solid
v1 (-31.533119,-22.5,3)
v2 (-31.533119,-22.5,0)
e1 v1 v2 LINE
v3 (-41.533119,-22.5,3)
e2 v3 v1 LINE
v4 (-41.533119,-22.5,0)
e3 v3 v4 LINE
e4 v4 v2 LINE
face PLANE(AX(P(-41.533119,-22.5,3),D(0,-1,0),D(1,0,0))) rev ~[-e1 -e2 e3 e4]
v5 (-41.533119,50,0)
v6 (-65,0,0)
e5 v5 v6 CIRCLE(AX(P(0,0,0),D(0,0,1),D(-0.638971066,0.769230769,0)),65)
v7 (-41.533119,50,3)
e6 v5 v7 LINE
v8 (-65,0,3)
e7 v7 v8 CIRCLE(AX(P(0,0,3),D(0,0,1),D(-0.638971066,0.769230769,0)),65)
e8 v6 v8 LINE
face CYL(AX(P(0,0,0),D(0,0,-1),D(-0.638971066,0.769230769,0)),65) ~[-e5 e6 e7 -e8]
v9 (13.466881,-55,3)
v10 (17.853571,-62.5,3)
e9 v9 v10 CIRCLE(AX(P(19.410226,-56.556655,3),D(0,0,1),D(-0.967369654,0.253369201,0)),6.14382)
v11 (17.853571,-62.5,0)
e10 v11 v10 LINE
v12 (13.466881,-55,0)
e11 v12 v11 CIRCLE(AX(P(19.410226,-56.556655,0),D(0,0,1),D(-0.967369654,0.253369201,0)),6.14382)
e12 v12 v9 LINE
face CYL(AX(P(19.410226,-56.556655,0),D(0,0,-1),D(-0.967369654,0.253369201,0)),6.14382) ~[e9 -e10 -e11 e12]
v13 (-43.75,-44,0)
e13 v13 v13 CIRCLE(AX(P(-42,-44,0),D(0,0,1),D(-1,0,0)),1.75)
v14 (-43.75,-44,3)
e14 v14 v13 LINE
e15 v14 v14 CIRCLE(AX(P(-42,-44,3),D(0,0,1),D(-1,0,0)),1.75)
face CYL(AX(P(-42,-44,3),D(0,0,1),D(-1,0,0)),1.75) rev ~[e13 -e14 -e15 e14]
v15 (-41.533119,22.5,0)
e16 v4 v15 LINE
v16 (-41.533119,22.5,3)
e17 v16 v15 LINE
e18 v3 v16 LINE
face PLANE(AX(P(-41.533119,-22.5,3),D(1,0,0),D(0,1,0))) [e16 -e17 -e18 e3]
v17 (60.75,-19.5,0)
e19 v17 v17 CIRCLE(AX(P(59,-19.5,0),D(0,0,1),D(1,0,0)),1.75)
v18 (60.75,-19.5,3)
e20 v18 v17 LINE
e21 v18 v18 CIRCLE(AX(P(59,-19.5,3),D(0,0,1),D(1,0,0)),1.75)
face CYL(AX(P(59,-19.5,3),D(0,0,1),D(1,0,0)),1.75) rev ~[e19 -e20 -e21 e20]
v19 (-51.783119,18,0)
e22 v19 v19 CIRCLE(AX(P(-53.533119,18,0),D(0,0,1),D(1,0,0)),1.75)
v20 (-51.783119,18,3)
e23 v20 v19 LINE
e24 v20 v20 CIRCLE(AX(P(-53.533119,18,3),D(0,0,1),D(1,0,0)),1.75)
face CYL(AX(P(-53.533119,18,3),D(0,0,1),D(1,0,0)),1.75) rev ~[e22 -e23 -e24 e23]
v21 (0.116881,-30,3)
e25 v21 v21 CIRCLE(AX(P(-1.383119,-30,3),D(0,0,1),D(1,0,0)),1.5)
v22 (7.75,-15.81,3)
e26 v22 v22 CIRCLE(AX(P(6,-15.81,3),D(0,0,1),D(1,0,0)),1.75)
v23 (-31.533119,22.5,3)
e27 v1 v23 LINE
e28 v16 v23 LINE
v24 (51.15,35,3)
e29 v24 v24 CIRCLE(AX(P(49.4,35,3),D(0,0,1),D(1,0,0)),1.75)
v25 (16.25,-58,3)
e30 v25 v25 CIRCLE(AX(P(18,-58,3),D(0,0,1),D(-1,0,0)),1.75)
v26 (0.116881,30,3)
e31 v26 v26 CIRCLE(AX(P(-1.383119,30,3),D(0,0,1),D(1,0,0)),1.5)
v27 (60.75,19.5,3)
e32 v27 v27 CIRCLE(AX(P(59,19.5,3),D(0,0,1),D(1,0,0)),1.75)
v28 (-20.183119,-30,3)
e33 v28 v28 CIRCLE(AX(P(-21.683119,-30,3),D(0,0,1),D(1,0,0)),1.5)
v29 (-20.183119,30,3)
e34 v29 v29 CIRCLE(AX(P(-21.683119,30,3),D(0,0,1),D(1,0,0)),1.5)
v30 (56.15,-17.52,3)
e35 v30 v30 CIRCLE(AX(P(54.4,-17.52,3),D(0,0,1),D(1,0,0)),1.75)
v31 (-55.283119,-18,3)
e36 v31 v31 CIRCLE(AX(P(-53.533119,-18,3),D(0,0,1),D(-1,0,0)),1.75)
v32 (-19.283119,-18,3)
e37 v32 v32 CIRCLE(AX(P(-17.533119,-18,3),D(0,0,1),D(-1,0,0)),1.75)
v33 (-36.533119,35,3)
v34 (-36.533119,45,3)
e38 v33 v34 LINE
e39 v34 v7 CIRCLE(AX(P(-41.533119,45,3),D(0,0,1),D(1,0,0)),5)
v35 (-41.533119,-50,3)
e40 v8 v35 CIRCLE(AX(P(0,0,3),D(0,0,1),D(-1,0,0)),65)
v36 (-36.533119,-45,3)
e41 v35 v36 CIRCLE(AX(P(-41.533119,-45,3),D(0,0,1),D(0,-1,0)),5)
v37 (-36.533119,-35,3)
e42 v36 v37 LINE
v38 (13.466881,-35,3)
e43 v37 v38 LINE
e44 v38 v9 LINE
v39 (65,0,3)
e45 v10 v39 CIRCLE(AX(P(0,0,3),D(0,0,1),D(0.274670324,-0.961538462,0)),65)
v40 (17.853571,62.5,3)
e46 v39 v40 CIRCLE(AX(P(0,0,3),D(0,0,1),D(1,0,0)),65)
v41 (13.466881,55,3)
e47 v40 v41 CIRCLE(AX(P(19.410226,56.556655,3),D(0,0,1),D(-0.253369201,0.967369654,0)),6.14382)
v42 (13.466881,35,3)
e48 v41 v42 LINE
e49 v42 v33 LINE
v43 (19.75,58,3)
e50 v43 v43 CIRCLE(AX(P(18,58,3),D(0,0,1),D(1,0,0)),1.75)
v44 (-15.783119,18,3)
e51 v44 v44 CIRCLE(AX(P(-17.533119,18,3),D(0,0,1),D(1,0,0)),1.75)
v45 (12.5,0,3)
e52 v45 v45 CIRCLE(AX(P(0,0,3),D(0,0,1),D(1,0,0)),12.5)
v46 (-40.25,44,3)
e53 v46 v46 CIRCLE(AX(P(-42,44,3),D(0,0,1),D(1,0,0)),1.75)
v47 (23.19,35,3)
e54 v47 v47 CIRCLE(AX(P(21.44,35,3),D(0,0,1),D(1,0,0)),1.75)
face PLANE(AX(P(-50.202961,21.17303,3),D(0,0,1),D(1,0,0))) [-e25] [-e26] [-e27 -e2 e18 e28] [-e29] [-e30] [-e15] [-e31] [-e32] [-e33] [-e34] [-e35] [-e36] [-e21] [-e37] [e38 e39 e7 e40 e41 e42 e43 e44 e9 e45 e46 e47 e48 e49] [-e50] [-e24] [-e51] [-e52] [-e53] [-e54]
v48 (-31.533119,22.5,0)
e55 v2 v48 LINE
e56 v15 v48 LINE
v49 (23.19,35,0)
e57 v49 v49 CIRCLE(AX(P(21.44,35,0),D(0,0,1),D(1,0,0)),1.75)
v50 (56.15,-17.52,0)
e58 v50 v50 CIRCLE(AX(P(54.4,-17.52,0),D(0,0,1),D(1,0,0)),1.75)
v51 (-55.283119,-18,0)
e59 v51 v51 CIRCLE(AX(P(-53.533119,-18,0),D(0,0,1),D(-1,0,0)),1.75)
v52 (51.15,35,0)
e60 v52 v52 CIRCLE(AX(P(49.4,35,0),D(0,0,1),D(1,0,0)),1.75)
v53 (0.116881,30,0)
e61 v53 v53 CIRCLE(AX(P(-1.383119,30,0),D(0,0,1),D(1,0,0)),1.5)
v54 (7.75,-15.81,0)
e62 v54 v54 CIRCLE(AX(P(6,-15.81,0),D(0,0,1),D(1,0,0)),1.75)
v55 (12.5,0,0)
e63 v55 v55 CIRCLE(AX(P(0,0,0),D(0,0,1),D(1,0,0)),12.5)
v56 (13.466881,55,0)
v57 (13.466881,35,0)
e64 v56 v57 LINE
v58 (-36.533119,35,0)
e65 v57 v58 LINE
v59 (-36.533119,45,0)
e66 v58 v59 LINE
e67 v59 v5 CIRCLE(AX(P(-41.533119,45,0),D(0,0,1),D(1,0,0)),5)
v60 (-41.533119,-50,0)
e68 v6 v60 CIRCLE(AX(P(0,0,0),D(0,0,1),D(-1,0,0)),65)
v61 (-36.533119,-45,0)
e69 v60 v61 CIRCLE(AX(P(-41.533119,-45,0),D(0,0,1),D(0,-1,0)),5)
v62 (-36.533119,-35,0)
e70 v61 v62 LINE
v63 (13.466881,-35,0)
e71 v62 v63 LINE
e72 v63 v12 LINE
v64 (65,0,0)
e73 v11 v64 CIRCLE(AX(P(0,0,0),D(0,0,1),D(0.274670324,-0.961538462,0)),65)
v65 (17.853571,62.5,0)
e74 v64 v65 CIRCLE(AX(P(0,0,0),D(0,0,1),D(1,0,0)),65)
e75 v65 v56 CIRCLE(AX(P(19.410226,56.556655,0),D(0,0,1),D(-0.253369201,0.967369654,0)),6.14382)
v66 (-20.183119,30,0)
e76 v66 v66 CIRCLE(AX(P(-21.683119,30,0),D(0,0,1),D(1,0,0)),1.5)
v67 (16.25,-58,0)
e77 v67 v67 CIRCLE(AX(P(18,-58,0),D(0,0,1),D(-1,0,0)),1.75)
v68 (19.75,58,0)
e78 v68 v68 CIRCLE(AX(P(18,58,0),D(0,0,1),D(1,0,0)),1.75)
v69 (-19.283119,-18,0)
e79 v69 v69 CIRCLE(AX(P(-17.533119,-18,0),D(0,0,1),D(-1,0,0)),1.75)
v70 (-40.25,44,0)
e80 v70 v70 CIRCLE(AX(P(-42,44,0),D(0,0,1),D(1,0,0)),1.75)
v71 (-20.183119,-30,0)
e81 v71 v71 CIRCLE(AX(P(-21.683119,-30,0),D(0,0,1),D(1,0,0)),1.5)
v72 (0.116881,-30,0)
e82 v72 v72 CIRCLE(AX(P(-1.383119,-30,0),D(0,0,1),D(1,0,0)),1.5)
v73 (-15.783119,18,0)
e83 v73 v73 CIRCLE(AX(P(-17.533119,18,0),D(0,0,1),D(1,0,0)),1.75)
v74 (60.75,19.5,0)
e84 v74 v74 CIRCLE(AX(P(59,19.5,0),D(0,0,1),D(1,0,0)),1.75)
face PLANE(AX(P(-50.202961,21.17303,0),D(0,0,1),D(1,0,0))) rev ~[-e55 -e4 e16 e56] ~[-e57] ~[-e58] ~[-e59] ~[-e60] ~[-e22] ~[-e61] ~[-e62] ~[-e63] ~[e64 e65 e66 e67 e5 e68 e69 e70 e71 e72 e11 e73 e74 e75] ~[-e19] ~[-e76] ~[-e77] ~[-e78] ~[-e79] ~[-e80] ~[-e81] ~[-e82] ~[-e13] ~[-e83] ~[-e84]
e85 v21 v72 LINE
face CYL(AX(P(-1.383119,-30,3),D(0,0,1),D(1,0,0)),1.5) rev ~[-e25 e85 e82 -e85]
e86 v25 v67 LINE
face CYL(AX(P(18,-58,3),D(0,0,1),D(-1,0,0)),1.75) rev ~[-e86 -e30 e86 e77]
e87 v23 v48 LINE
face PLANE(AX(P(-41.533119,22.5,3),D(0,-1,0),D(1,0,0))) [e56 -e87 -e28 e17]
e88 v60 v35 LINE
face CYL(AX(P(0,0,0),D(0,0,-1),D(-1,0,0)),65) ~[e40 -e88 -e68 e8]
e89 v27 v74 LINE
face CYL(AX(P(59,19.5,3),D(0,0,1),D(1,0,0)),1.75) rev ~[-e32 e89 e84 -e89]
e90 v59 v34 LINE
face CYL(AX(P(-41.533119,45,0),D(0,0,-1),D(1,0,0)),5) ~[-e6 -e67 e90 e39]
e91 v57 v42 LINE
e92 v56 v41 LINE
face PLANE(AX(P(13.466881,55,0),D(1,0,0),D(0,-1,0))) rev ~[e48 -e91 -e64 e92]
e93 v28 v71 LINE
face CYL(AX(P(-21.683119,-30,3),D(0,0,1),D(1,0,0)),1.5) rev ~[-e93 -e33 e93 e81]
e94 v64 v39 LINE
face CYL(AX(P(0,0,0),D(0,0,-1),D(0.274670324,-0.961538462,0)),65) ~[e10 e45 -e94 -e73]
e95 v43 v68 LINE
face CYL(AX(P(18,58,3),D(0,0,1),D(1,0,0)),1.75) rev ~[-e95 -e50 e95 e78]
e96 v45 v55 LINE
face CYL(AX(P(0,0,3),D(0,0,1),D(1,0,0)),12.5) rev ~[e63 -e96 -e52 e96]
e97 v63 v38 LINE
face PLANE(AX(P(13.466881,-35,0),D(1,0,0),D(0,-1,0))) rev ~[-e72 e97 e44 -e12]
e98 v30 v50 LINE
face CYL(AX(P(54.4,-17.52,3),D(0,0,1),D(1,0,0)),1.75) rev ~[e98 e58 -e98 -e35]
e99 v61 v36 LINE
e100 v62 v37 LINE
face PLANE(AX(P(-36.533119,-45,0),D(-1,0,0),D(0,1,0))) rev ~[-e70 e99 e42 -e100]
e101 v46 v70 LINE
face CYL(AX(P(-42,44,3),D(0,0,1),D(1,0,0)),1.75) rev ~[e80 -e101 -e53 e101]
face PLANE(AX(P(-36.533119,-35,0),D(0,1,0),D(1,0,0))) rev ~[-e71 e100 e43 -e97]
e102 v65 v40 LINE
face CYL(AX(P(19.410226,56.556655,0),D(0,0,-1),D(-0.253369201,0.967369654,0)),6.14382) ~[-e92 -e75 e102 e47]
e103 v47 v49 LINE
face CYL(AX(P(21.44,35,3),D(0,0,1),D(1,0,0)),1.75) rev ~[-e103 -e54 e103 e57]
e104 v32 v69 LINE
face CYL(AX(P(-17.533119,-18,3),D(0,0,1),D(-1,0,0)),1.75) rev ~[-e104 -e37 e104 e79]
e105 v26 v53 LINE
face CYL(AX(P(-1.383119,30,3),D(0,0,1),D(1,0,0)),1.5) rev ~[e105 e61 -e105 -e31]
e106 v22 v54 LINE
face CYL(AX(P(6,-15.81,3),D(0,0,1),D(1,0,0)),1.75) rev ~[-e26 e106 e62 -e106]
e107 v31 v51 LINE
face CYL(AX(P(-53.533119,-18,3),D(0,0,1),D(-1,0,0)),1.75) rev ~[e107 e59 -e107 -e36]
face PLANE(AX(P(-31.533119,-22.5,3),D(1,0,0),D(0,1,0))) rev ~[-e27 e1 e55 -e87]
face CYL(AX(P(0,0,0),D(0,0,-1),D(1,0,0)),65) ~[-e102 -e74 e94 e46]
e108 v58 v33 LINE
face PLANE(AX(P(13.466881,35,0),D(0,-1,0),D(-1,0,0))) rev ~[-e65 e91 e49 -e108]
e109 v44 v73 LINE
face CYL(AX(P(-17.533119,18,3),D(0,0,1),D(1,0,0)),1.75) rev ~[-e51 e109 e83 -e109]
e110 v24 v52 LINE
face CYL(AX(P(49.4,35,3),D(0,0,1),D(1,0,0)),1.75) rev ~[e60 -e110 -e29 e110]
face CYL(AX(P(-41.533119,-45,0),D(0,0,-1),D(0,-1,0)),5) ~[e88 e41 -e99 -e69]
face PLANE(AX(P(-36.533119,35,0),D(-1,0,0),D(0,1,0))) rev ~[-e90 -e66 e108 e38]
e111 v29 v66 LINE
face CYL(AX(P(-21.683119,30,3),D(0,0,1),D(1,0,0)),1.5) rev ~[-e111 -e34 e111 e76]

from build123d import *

# Parameters (mm, degrees)
SALIENTE_EXTRUIR1_DEPTH = 3
CROQUIS2_R              = 12.5
CROQUIS2_W              = 10
CROQUIS2_H              = 45
CORTAR_EXTRUIR1_DEPTH   = 3
CROQUIS4_R              = 1.75
CORTAR_EXTRUIR2_DEPTH   = 3
CROQUIS5_R              = 1.75
CORTAR_EXTRUIR3_DEPTH   = 3
CROQUIS6_R              = 1.75
CORTAR_EXTRUIR4_DEPTH   = 3
CROQUIS7_R              = 1.5
CORTAR_EXTRUIR5_DEPTH   = 10
CROQUIS8_R              = 1.75
CORTAR_EXTRUIR6_DEPTH   = 10


with BuildPart() as part:
    # Croquis1 → Saliente-Extruir1 (new body)
    with BuildSketch(Plane.XY):
        with BuildLine():
            Line((-41.533119315, 0), (-41.533119315, 50))
            ThreePointArc((-41.533119315, 50), (-58.84153616, 27.616546168), (-65, 0))
            Line((-65, 0), (-41.533119315, 0))
        make_face()
        with BuildLine():
            Line((-41.533119315, -50), (-41.533119315, 0))
            Line((-41.533119315, 0), (-65, 0))
            ThreePointArc((-65, 0), (-58.84153616, -27.616546168), (-41.533119315, -50))
        make_face()
        with BuildLine():
            Line((17.853571071, 0), (-41.533119315, 0))
            Line((-41.533119315, 0), (-41.533119315, -50))
            ThreePointArc((-41.533119315, -50), (-37.997585409, -48.535533906), (-36.533119315, -45))
            Line((-36.533119315, -45), (-36.533119315, -35))
            Line((-36.533119315, -35), (13.466880685, -35))
            Line((13.466880685, -35), (13.466880685, -55))
            ThreePointArc((13.466880685, -55), (14.106925019, -59.658513326), (17.853571071, -62.5))
            Line((17.853571071, -62.5), (17.853571071, 0))
        make_face()
        with BuildLine():
            ThreePointArc((-36.533119315, 45), (-37.997585409, 48.535533906), (-41.533119315, 50))
            Line((-41.533119315, 50), (-41.533119315, 0))
            Line((-41.533119315, 0), (17.853571071, 0))
            Line((17.853571071, 0), (17.853571071, 62.5))
            ThreePointArc((17.853571071, 62.5), (14.106925019, 59.658513326), (13.466880685, 55))
            Line((13.466880685, 55), (13.466880685, 35))
            Line((13.466880685, 35), (-36.533119315, 35))
            Line((-36.533119315, 35), (-36.533119315, 45))
        make_face()
        with BuildLine():
            ThreePointArc((65, 0), (51.891628032, 39.144079248), (17.853571071, 62.5))
            Line((17.853571071, 62.5), (17.853571071, 0))
            Line((17.853571071, 0), (65, 0))
        make_face()
        with BuildLine():
            Line((65, 0), (17.853571071, 0))
            Line((17.853571071, 0), (17.853571071, -62.5))
            ThreePointArc((17.853571071, -62.5), (51.891628032, -39.144079248), (65, 0))
        make_face()
    extrude(amount=SALIENTE_EXTRUIR1_DEPTH)

    # Croquis2 → Cortar-Extruir1 (cut)
    with BuildSketch(Plane.XY.offset(3)):
        Circle(CROQUIS2_R)
        with Locations((-36.533119315, 0)):
            Rectangle(CROQUIS2_W, CROQUIS2_H)
    extrude(amount=-CORTAR_EXTRUIR1_DEPTH, mode=Mode.SUBTRACT)

    # Croquis4 → Cortar-Extruir2 (cut)
    with BuildSketch(Plane.XY.offset(3)):
        with Locations((-53.533119315, 18)):
            Circle(CROQUIS4_R)
        with Locations((-17.533119315, 18)):
            Circle(CROQUIS4_R)
        with Locations(Location((-17.533119315, -18, 0), (0, 0, 180))):
            Circle(CROQUIS4_R)
        with Locations(Location((-53.533119315, -18, 0), (0, 0, 180))):
            Circle(CROQUIS4_R)
    extrude(amount=-CORTAR_EXTRUIR2_DEPTH, mode=Mode.SUBTRACT)

    # Croquis5 → Cortar-Extruir3 (cut)
    with BuildSketch(Plane.XY.offset(3)):
        with Locations((-42, 44)):
            Circle(CROQUIS5_R)
        with Locations((18, 58)):
            Circle(CROQUIS5_R)
        with Locations(Location((18, -58, 0), (0, 0, 180))):
            Circle(CROQUIS5_R)
        with Locations(Location((-42, -44, 0), (0, 0, 180))):
            Circle(CROQUIS5_R)
    extrude(amount=-CORTAR_EXTRUIR3_DEPTH, mode=Mode.SUBTRACT)

    # Croquis6 → Cortar-Extruir4 (cut)
    with BuildSketch(Plane.XY.offset(3)):
        with Locations((6, -15.81)):
            Circle(CROQUIS6_R)
        with Locations((54.4, -17.52)):
            Circle(CROQUIS6_R)
        with Locations((49.4, 35)):
            Circle(CROQUIS6_R)
        with Locations((21.44, 35)):
            Circle(CROQUIS6_R)
    extrude(amount=-CORTAR_EXTRUIR4_DEPTH, mode=Mode.SUBTRACT)

    # Croquis7 → Cortar-Extruir5 (cut)
    with BuildSketch(Plane.XY.offset(3)):
        with Locations((-21.683119315, -30)):
            Circle(CROQUIS7_R)
        with Locations((-1.383119315, -30)):
            Circle(CROQUIS7_R)
        with Locations((-1.383119315, 30)):
            Circle(CROQUIS7_R)
        with Locations((-21.683119315, 30)):
            Circle(CROQUIS7_R)
    extrude(amount=-CORTAR_EXTRUIR5_DEPTH, mode=Mode.SUBTRACT)

    # Croquis8 → Cortar-Extruir6 (cut)
    with BuildSketch(Plane.XY.offset(3)):
        with Locations((59, 19.5)):
            Circle(CROQUIS8_R)
        with Locations((59, -19.5)):
            Circle(CROQUIS8_R)
    extrude(amount=-CORTAR_EXTRUIR6_DEPTH, mode=Mode.SUBTRACT)


solid = part.part
